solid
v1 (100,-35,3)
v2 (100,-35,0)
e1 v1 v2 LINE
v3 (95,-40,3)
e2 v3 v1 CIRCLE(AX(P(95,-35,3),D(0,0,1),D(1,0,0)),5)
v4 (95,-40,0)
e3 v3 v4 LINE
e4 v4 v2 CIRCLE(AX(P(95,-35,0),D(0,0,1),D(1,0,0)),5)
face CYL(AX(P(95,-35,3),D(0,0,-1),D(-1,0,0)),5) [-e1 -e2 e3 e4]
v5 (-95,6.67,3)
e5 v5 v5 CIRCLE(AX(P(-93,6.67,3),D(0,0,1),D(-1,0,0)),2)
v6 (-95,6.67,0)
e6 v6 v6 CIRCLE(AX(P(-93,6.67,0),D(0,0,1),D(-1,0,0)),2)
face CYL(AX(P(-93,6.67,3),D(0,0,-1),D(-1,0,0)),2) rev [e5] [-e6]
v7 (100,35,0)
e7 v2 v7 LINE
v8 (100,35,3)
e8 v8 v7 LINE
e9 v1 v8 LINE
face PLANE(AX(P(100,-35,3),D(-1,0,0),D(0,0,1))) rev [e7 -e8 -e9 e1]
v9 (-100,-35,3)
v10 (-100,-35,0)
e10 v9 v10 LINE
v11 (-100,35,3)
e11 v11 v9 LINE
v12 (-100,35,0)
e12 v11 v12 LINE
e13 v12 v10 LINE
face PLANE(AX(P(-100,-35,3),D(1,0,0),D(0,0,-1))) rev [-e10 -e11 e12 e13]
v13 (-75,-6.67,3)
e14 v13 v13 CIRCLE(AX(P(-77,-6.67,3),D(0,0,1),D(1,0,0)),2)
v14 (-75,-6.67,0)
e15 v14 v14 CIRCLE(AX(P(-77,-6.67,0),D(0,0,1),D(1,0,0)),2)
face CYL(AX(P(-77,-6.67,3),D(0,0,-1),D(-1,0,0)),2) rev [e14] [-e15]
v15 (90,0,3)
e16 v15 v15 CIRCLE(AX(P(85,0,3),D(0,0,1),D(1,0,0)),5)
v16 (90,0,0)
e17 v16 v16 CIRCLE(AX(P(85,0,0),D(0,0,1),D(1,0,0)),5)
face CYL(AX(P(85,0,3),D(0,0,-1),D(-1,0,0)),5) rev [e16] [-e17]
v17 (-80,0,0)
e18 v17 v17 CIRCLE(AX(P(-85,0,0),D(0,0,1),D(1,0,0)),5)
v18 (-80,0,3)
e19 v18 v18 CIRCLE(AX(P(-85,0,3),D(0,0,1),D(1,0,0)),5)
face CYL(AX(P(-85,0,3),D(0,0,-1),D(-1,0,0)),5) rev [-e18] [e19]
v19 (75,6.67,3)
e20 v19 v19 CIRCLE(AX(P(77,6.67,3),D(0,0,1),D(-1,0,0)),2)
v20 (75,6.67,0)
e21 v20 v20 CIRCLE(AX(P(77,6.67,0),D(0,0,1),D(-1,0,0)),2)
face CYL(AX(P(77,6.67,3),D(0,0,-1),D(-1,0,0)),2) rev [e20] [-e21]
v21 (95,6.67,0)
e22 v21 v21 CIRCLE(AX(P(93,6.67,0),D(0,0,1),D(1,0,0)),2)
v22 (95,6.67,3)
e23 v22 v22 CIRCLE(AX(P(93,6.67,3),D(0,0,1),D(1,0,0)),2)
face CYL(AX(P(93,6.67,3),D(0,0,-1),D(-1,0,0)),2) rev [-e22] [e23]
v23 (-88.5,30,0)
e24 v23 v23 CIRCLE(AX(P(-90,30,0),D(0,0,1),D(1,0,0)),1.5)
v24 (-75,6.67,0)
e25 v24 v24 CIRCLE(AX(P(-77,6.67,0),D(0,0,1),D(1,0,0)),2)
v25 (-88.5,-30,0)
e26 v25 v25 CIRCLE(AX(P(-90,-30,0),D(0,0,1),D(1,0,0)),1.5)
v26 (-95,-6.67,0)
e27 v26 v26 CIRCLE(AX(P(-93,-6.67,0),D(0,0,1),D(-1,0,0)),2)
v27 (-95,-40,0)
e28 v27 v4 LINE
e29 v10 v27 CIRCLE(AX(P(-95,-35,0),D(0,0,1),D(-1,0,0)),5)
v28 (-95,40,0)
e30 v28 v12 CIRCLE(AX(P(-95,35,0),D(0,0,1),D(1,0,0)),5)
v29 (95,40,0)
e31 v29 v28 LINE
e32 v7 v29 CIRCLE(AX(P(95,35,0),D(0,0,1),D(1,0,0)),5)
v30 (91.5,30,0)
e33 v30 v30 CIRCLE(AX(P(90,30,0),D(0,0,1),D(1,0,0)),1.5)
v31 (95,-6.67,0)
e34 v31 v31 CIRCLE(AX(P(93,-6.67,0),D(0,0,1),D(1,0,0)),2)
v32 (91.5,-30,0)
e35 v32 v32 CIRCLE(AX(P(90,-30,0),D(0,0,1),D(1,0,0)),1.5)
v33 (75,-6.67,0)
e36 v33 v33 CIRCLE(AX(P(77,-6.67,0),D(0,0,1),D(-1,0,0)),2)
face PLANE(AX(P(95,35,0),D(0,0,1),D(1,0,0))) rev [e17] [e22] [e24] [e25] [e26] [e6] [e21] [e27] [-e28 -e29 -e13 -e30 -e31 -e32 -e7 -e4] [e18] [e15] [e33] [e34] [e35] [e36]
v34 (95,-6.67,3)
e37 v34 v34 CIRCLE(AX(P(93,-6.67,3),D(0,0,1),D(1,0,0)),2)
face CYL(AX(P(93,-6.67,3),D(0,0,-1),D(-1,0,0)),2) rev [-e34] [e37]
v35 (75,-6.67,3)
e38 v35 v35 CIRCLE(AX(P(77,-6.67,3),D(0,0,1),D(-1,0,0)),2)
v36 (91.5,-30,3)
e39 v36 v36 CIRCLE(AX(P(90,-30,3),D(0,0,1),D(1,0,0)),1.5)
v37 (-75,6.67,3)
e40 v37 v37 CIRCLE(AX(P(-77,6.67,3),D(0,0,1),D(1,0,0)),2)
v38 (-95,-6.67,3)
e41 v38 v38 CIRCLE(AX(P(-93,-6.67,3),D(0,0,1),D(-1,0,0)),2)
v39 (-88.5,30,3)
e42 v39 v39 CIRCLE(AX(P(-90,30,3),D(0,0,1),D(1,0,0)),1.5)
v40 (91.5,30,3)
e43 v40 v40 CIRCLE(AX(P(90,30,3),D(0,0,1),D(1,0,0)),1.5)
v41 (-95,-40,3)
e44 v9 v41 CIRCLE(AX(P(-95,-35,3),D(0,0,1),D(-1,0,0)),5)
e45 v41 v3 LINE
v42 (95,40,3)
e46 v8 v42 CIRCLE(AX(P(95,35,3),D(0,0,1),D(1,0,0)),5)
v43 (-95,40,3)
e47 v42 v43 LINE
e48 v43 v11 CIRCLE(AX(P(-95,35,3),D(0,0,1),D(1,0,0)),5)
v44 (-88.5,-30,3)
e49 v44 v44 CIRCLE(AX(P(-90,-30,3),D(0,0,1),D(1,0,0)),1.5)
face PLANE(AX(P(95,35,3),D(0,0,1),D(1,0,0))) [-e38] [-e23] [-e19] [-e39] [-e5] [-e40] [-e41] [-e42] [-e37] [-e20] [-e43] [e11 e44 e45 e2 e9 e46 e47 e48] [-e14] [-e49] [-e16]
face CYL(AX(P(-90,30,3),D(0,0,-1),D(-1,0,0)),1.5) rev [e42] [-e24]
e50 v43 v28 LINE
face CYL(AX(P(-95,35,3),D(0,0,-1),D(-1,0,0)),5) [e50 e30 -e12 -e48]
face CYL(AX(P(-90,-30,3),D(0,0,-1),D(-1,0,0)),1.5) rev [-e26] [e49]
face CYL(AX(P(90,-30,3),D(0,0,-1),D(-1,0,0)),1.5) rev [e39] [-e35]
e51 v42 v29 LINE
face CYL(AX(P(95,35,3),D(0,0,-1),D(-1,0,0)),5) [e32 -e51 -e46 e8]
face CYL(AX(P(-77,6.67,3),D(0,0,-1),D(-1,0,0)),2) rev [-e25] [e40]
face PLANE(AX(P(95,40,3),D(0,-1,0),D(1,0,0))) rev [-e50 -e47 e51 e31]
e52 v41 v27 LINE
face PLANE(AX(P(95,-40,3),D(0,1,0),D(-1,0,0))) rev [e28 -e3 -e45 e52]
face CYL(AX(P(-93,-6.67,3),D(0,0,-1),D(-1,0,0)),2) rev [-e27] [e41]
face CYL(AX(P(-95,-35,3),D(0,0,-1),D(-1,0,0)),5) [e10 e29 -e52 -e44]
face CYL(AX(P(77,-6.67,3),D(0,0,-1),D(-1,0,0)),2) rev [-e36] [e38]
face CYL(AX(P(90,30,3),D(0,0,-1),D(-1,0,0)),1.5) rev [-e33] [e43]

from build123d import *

# Parameters (mm, degrees)
ESBO_O1_R                = 1.5
ESBO_O1_R_2              = 5
ESBO_O1_R_3              = 2
RESSALTO_EXTRUS_O1_DEPTH = 3


with BuildPart() as part:
    # Esboço1 → Ressalto-extrusão1 (new body)
    with BuildSketch(Plane.XY):
        with BuildLine():
            Line((95, -40), (-95, -40))
            ThreePointArc((-95, -40), (-98.535533906, -38.535533906), (-100, -35))
            Line((-100, -35), (-100, 35))
            ThreePointArc((-100, 35), (-98.535533906, 38.535533906), (-95, 40))
            Line((-95, 40), (95, 40))
            ThreePointArc((95, 40), (98.535533906, 38.535533906), (100, 35))
            Line((100, 35), (100, -35))
            ThreePointArc((100, -35), (98.535533906, -38.535533906), (95, -40))
        make_face()
        with Locations((-90, 30)):
            Circle(ESBO_O1_R, mode=Mode.SUBTRACT)
        with Locations((90, 30)):
            Circle(ESBO_O1_R, mode=Mode.SUBTRACT)
        with Locations((90, -30)):
            Circle(ESBO_O1_R, mode=Mode.SUBTRACT)
        with Locations((-90, -30)):
            Circle(ESBO_O1_R, mode=Mode.SUBTRACT)
        with Locations((-85, 0)):
            Circle(ESBO_O1_R_2, mode=Mode.SUBTRACT)
        with Locations((85, 0)):
            Circle(ESBO_O1_R_2, mode=Mode.SUBTRACT)
        with Locations((93, 6.67)):
            Circle(ESBO_O1_R_3, mode=Mode.SUBTRACT)
        with Locations((93, -6.67)):
            Circle(ESBO_O1_R_3, mode=Mode.SUBTRACT)
        with Locations(Location((77, -6.67, 0), (0, 0, 180))):
            Circle(ESBO_O1_R_3, mode=Mode.SUBTRACT)
        with Locations(Location((77, 6.67, 0), (0, 0, 180))):
            Circle(ESBO_O1_R_3, mode=Mode.SUBTRACT)
        with Locations((-77, -6.67)):
            Circle(ESBO_O1_R_3, mode=Mode.SUBTRACT)
        with Locations(Location((-93, -6.67, 0), (0, 0, 180))):
            Circle(ESBO_O1_R_3, mode=Mode.SUBTRACT)
        with Locations(Location((-93, 6.67, 0), (0, 0, 180))):
            Circle(ESBO_O1_R_3, mode=Mode.SUBTRACT)
        with Locations((-77, 6.67)):
            Circle(ESBO_O1_R_3, mode=Mode.SUBTRACT)
    extrude(amount=RESSALTO_EXTRUS_O1_DEPTH)


solid = part.part
